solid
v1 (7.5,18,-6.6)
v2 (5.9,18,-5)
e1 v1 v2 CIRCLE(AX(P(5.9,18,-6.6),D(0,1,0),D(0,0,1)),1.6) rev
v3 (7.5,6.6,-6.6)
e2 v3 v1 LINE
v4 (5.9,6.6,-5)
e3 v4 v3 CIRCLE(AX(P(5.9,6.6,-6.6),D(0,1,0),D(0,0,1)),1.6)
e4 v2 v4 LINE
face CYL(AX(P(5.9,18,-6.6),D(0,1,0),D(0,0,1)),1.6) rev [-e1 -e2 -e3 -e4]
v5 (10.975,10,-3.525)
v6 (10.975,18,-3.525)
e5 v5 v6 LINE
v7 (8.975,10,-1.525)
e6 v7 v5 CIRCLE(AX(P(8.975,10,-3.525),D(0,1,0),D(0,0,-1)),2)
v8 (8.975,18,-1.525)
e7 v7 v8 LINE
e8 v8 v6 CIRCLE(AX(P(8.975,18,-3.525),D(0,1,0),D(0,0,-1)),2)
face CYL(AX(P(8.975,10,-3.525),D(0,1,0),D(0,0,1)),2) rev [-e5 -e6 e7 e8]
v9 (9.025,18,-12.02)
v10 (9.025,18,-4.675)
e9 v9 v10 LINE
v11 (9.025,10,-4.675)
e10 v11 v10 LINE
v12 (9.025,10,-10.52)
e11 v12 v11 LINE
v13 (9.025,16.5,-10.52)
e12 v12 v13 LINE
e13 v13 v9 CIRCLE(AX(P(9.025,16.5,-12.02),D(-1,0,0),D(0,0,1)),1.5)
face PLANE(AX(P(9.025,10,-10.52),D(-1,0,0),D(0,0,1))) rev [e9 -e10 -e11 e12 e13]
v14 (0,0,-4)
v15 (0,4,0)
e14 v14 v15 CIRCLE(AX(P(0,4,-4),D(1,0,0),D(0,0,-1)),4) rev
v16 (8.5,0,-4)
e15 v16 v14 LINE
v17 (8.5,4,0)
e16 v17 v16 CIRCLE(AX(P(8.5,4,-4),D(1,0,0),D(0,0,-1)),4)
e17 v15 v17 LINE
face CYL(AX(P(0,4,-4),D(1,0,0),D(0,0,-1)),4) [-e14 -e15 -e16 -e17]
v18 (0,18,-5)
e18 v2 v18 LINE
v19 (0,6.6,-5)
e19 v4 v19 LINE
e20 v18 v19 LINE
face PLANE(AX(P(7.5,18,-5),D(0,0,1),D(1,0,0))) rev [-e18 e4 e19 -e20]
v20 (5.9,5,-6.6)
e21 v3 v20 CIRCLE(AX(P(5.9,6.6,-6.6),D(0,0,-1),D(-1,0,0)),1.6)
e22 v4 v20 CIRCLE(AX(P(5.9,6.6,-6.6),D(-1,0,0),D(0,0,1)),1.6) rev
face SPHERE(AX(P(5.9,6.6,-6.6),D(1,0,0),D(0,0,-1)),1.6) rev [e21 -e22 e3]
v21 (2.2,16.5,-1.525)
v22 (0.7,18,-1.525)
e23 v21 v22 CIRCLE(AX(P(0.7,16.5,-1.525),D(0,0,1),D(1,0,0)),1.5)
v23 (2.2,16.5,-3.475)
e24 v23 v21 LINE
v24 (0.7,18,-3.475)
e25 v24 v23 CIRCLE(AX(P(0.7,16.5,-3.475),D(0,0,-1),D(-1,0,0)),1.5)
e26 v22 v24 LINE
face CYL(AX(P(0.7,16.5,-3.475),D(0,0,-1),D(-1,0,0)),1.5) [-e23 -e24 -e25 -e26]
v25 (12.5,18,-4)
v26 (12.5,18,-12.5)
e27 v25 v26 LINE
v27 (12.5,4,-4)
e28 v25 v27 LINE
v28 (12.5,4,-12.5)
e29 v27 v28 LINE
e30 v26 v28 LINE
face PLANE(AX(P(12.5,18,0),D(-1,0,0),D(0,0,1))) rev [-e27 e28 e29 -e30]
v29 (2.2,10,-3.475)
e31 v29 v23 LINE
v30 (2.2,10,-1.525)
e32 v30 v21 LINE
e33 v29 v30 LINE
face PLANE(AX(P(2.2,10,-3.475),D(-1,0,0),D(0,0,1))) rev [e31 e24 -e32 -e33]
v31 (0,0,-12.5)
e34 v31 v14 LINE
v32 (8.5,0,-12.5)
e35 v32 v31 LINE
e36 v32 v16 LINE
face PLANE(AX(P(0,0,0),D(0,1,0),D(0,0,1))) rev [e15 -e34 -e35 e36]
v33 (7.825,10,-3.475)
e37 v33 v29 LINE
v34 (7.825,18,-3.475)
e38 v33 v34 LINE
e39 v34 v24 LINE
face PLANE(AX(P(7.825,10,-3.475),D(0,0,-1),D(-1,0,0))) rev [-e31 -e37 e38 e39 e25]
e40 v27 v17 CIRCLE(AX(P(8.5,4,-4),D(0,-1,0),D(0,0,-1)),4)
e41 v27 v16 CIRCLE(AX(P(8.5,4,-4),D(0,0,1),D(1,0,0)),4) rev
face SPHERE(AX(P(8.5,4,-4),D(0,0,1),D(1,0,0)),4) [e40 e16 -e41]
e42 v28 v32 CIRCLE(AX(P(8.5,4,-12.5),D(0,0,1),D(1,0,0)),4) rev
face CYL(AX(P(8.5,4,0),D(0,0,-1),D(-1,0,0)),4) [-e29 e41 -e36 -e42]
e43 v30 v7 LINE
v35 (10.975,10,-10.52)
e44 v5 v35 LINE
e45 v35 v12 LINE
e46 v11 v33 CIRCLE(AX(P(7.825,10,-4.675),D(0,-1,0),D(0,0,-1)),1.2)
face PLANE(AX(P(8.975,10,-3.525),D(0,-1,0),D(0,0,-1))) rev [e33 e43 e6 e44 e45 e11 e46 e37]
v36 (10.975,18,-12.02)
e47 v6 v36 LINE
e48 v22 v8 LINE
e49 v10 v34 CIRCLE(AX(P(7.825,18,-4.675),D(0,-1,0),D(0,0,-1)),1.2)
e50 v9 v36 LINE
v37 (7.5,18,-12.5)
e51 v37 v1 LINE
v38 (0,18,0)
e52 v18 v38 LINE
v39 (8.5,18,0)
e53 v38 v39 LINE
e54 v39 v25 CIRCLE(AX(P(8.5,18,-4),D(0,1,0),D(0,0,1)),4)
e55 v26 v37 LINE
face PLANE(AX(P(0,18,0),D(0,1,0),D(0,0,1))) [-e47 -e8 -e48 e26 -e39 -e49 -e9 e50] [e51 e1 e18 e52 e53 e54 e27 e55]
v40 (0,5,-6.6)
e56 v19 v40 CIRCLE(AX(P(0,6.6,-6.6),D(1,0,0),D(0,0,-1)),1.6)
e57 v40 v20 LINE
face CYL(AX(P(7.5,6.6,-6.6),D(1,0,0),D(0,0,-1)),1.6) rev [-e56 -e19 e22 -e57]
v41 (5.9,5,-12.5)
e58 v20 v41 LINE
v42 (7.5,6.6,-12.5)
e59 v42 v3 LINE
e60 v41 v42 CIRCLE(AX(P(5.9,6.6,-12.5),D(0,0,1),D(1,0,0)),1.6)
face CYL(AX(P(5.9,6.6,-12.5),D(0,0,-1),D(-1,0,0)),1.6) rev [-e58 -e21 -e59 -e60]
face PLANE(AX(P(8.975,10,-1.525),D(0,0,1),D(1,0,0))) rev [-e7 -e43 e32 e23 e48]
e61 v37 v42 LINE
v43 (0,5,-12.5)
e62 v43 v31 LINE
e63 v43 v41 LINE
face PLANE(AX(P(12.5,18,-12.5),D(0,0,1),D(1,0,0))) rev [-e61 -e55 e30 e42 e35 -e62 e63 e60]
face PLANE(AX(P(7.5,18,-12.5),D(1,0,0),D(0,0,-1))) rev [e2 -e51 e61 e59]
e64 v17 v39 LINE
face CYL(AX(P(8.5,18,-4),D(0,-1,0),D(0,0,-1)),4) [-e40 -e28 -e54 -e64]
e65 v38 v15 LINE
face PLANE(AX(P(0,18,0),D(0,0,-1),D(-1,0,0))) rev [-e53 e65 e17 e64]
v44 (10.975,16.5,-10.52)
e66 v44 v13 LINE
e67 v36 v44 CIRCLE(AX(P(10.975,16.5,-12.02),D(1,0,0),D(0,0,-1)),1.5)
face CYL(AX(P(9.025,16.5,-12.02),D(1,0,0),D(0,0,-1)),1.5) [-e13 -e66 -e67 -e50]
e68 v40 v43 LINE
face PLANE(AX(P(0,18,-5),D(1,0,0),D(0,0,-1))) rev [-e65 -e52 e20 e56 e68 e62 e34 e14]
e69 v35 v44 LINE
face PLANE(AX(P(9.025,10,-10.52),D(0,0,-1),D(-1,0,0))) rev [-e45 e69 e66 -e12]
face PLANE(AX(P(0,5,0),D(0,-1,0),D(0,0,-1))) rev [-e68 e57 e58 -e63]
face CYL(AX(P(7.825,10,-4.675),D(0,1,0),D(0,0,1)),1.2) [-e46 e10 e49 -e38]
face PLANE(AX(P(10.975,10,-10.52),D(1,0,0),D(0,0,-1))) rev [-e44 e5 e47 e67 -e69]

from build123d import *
from OCP.BRepFilletAPI import BRepFilletAPI_MakeFillet

# Parameters (mm, degrees)
BOSS_EXTRUDE1_DEPTH = 18
SKETCH3_W           = 7.5
SKETCH3_H           = 7.5
BOSS_EXTRUDE2_DEPTH = 5
CUT_EXTRUDE1_DEPTH  = 8
FILLET1_R1          = 4
FILLET1_R2          = 1.6
FILLET1_R3          = 1.5


with BuildPart() as part:
    # Sketch1 → Boss-Extrude1 (new body)
    with BuildSketch(Plane(origin=(0, 0, 0), x_dir=(1, 0, 0), z_dir=(0, 1, 0))):
        Polygon((0, 0), (12.5, 0), (12.5, 12.5), (7.5, 12.5), (7.5, 5), (0, 5), align=None)
    extrude(amount=BOSS_EXTRUDE1_DEPTH)

    # Sketch3 → Boss-Extrude2 (add)
    with BuildSketch(Plane.XZ):
        with Locations((3.75, -8.75)):
            Rectangle(SKETCH3_W, SKETCH3_H)
    extrude(amount=-BOSS_EXTRUDE2_DEPTH)

    # Sketch2 → Cut-Extrude1 (cut)
    with BuildSketch(Plane(origin=(0, 18, 0), x_dir=(1, 0, 0), z_dir=(0, 1, 0))):
        with BuildLine():
            Line((9.025, 10.52), (9.025, 4.675))
            ThreePointArc((9.025, 4.675), (8.673528137, 3.826471863), (7.825, 3.475))
            Line((7.825, 3.475), (2.2, 3.475))
            Line((2.2, 3.475), (2.2, 1.525))
            Line((2.2, 1.525), (8.975, 1.525))
            ThreePointArc((8.975, 1.525), (10.389213562, 2.110786438), (10.975, 3.525))
            Line((10.975, 3.525), (10.975, 10.52))
            Line((10.975, 10.52), (9.025, 10.52))
        make_face()
    extrude(amount=-CUT_EXTRUDE1_DEPTH, mode=Mode.SUBTRACT)

    # Fillet1: one fillet with a radius per group of edges: ONE call of the kernel's fillet builder (fillet() takes one radius for all edges)
    fillet1_edges_1 = [part.edges().sort_by_distance(p)[0] for p in [
        (12.5, 9, 0),
        (6.25, 0, 0),
        (12.5, 0, -6.25),
    ]]
    fillet1_edges_2 = [part.edges().sort_by_distance(p)[0] for p in [
        (7.5, 11.5, -5),
        (7.5, 5, -8.75),
        (3.75, 5, -5),
    ]]
    fillet1_edges_3 = [part.edges().sort_by_distance(p)[0] for p in [
        (2.2, 18, -2.5),
        (10, 18, -10.52),
    ]]
    fillet1 = BRepFilletAPI_MakeFillet(part.part.solid().wrapped)
    for e in fillet1_edges_1:
        fillet1.Add(FILLET1_R1, e.wrapped)
    for e in fillet1_edges_2:
        fillet1.Add(FILLET1_R2, e.wrapped)
    for e in fillet1_edges_3:
        fillet1.Add(FILLET1_R3, e.wrapped)
    add(Compound.cast(fillet1.Shape()), mode=Mode.REPLACE)


solid = part.part
